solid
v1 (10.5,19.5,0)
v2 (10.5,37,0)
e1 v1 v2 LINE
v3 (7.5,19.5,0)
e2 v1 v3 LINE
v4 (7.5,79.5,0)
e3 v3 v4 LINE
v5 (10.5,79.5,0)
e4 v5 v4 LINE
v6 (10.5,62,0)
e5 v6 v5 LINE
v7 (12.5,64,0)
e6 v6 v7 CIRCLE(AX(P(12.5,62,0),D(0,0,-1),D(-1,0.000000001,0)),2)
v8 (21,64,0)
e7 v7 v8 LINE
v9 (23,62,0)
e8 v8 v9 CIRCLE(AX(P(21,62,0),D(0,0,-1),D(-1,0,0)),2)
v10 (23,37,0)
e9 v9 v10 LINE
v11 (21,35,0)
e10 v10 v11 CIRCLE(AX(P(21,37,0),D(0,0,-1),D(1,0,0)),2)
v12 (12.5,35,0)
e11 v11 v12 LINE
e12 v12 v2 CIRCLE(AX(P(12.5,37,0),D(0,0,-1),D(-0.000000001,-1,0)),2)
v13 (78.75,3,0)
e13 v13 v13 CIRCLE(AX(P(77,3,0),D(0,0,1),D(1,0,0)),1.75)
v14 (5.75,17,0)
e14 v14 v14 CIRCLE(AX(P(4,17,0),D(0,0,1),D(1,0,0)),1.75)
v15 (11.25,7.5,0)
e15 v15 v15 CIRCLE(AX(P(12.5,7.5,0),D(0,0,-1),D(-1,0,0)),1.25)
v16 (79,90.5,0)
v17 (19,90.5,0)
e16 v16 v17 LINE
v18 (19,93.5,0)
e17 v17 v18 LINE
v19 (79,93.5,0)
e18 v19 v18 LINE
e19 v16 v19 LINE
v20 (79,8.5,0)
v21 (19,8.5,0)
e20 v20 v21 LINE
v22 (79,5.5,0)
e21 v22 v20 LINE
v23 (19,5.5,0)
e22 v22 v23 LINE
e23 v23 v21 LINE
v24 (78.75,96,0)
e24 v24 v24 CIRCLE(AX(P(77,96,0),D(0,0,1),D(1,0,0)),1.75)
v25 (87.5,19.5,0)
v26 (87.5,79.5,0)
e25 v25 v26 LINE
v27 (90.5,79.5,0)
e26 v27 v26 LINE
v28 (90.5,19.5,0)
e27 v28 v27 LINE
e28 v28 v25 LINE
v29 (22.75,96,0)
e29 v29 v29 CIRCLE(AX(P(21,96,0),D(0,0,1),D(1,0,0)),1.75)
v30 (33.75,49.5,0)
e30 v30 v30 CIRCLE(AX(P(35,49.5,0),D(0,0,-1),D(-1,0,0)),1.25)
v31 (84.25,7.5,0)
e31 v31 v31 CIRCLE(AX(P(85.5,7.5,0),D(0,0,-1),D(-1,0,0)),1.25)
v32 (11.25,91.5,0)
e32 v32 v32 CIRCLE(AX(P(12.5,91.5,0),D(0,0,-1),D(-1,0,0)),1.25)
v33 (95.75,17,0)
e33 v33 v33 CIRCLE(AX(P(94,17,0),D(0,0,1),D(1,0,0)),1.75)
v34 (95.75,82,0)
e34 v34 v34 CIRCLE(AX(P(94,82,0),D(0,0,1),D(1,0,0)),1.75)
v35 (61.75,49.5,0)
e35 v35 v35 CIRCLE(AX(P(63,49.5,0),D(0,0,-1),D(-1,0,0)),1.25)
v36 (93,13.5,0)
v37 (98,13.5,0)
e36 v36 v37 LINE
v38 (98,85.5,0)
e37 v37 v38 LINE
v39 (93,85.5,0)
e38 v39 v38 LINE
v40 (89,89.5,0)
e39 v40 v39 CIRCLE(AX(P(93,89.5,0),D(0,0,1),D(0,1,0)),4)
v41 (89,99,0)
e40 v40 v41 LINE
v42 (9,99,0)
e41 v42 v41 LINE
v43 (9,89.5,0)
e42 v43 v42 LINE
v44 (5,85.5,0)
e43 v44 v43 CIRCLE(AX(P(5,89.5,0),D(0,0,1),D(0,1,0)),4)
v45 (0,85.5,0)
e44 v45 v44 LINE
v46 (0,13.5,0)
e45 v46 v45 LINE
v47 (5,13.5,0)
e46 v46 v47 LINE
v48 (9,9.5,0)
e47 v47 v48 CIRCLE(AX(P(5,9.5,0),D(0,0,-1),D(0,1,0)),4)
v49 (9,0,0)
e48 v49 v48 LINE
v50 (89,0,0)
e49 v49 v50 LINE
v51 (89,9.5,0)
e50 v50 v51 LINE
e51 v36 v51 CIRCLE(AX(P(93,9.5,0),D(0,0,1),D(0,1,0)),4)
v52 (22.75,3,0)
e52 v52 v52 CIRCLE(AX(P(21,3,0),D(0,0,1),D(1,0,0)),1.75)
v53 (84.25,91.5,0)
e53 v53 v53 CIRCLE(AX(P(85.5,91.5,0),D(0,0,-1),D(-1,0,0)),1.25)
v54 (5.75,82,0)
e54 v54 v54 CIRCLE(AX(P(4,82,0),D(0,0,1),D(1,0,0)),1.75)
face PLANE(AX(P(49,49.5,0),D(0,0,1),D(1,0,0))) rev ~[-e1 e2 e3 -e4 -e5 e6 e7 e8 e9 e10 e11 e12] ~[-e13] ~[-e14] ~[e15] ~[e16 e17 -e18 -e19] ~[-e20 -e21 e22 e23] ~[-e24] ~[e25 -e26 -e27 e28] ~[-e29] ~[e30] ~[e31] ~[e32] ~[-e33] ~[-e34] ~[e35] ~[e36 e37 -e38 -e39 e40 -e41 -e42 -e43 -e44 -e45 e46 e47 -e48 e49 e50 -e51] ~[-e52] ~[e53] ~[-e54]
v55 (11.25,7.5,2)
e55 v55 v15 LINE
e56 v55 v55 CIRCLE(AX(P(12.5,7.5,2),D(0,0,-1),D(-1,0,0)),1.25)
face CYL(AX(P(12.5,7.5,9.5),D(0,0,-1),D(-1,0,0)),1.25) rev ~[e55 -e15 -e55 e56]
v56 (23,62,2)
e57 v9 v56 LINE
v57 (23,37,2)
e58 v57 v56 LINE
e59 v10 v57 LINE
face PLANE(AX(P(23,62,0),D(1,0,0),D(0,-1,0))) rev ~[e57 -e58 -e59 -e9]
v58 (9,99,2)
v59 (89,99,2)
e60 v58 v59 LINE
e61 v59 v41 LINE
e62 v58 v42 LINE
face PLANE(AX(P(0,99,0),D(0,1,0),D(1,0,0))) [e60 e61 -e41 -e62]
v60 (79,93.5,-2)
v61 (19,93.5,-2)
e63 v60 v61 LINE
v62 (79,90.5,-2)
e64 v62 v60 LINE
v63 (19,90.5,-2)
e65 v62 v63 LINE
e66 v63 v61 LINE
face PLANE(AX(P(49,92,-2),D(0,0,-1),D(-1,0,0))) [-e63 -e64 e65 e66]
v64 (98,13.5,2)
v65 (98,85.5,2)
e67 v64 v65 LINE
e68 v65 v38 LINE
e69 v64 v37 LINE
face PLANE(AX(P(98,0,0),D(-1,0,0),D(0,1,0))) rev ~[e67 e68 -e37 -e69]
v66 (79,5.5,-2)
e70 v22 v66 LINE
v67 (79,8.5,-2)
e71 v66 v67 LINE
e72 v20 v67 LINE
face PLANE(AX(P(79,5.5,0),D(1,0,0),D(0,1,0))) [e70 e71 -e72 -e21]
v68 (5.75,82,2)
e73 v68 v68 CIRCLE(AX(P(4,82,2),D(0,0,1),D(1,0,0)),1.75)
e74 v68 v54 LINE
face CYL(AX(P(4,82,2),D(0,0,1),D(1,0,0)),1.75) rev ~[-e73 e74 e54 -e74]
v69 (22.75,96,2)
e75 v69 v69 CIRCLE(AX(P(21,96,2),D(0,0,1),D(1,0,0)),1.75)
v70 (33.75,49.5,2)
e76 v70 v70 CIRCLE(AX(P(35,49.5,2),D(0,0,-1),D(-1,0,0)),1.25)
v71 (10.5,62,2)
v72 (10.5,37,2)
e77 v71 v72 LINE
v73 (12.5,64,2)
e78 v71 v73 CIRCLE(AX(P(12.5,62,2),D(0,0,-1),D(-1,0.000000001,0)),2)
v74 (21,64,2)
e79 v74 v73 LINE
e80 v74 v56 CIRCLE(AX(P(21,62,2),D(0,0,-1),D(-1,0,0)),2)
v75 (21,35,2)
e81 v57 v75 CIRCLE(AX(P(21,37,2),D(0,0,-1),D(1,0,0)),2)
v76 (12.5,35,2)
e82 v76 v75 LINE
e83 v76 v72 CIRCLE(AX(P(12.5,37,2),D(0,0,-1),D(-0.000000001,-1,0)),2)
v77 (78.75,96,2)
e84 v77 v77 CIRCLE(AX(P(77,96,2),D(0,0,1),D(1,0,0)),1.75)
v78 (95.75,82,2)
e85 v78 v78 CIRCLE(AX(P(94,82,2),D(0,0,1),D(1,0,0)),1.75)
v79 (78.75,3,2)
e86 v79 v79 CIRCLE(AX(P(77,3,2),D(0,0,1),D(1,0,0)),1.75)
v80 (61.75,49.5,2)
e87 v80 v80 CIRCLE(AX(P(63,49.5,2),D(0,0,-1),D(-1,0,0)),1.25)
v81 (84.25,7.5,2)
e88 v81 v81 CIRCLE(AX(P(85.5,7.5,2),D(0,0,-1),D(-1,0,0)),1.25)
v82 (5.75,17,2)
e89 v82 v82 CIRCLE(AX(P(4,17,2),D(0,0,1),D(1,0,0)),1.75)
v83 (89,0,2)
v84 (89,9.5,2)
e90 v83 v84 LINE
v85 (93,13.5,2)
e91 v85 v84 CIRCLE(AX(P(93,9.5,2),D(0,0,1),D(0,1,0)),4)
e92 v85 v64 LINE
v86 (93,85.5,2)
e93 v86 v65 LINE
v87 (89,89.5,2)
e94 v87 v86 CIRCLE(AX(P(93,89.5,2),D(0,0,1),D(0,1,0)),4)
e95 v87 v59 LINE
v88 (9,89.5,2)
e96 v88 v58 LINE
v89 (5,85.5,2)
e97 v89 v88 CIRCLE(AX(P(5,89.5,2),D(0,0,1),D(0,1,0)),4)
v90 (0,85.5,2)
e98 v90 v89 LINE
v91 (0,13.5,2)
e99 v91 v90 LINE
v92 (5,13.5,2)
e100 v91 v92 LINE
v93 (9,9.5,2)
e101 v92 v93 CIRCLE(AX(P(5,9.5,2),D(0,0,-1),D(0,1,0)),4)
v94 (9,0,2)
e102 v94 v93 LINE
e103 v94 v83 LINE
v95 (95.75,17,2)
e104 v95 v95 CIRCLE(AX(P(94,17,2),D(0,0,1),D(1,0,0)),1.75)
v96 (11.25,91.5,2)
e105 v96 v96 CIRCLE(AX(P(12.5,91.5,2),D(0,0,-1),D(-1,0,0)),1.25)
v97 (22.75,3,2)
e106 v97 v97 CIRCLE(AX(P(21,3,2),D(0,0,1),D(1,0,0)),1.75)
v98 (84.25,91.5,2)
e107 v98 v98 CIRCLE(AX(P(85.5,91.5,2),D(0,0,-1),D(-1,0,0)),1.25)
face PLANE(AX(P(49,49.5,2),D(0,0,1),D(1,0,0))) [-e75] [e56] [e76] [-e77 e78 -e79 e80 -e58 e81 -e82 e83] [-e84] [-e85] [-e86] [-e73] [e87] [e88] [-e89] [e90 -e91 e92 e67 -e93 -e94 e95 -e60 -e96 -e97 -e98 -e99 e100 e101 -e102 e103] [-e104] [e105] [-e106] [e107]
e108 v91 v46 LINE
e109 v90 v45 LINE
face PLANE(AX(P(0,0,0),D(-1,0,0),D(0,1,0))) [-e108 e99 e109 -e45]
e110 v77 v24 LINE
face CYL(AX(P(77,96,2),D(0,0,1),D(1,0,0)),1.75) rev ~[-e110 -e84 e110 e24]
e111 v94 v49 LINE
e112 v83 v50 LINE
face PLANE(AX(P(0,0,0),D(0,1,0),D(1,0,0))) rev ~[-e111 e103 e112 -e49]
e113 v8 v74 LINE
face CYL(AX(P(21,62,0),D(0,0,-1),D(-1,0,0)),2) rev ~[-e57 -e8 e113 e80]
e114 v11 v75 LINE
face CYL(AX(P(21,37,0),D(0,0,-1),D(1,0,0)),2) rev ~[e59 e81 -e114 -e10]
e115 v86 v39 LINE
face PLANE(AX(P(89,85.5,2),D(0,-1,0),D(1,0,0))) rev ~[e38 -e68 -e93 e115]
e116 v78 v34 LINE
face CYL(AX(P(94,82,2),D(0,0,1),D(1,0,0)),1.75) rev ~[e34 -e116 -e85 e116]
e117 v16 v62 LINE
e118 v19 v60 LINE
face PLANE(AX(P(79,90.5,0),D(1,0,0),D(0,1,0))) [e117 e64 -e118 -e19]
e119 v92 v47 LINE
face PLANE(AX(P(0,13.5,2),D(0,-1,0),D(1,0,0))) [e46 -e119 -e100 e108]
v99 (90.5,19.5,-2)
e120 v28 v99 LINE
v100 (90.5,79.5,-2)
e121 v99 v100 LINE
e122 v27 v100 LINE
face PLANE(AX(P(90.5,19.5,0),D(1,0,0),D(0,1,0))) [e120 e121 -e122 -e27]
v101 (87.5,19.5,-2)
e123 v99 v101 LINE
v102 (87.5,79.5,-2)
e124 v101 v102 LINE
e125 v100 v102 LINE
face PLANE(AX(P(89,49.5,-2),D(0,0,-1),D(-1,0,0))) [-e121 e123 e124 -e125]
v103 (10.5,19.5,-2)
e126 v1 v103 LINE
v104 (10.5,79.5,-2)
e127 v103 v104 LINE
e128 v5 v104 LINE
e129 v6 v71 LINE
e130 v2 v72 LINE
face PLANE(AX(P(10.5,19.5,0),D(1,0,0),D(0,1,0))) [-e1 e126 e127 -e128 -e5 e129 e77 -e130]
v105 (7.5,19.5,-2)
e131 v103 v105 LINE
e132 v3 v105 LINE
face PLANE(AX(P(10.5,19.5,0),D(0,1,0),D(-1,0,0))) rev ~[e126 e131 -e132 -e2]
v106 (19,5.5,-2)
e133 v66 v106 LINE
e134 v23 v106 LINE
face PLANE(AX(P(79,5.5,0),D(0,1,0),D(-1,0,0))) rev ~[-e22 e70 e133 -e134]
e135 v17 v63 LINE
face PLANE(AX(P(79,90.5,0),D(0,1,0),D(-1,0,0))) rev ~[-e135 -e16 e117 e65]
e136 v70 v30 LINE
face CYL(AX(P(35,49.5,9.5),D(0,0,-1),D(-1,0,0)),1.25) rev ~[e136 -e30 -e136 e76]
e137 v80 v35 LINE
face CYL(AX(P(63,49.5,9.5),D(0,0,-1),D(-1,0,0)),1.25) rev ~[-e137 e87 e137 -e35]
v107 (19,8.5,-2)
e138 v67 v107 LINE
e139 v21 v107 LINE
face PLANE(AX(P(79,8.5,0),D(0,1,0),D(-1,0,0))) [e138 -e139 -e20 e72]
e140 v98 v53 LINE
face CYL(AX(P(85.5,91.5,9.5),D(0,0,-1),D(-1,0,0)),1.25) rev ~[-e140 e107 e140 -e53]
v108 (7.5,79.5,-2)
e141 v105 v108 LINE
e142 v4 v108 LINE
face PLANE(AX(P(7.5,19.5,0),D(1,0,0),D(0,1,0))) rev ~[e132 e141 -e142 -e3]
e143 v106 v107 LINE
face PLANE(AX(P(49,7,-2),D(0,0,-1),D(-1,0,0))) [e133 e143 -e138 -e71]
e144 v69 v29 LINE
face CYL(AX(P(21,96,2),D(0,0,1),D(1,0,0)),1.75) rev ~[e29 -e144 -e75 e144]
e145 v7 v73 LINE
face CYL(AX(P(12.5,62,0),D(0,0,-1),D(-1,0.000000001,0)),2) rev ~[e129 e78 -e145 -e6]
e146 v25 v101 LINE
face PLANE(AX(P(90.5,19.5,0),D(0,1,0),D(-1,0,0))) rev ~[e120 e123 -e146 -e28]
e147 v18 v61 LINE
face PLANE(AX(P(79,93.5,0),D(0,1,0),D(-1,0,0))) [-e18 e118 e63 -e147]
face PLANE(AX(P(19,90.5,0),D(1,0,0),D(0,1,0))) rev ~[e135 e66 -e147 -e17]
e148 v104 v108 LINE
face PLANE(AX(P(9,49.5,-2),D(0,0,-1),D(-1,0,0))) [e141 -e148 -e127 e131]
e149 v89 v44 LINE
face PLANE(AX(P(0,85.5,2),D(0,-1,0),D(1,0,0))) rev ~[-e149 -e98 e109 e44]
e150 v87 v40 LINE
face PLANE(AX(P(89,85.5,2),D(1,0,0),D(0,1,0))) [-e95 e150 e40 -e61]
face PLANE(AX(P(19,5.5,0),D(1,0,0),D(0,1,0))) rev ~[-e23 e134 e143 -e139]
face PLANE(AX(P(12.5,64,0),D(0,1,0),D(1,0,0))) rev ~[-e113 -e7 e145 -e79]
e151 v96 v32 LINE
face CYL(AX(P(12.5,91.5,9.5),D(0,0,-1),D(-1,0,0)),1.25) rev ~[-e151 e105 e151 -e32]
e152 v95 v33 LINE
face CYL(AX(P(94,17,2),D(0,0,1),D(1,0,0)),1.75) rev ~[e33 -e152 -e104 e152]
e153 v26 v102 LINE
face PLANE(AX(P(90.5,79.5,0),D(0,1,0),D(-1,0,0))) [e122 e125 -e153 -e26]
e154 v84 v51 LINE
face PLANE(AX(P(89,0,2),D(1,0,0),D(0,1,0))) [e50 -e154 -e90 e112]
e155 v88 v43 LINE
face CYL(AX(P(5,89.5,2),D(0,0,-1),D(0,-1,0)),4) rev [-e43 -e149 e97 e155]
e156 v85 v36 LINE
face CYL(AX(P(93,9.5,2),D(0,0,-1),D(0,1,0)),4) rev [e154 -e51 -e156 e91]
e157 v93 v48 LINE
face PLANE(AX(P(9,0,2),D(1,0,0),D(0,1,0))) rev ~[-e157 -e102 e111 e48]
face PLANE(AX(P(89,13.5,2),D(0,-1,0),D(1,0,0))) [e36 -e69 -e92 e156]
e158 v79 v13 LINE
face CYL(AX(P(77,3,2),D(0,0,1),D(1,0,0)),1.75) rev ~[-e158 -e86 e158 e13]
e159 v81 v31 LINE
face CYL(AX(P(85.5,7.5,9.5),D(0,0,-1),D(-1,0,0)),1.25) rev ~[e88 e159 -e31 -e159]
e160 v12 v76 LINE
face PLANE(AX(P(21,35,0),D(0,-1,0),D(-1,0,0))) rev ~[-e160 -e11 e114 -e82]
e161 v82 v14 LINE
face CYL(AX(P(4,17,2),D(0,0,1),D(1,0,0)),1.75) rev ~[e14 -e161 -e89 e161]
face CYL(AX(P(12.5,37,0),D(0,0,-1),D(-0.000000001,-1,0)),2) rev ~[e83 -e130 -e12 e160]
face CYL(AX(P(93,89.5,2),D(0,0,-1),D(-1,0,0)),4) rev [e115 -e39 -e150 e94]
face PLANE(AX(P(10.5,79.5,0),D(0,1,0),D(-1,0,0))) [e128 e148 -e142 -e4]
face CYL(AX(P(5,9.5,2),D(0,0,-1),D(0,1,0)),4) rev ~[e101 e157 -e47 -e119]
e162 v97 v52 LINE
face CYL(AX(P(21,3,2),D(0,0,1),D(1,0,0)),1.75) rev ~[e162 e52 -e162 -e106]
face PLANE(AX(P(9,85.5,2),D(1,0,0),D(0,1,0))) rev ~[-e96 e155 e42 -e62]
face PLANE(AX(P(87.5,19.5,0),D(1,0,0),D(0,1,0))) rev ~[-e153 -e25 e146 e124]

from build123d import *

# Parameters (mm, degrees)
SKETCH1_W                 = 98
SKETCH1_H                 = 99
MAIN_BODY_DEPTH           = 2
SKETCH2_R                 = 1.75
FRONTBACKBOLTHOLES_DEPTH  = 140.316187143
SKETCH3_R                 = 1.75
SIDEBOLTHOLES_DEPTH       = 140.316187143
M3X0_5_TAPPED_HOLE1_D     = 2.5
M3X0_5_TAPPED_HOLE1_DEPTH = 7.5
M3X0_5_TAPPED_HOLE1_TIP   = 0.751075774
SKETCH7_W                 = 9
SKETCH7_H                 = 13.5
CUT_EXTRUDE3_DEPTH        = 140.316187143
FILLET1_R                 = 4
SKETCH8_W                 = 60
SKETCH8_H                 = 3
BOSS_EXTRUDE2_DEPTH       = 2
SKETCH9_W                 = 3
SKETCH9_H                 = 60
BOSS_EXTRUDE3_DEPTH       = 2
CUT_EXTRUDE5_DEPTH        = 140.316187143


with BuildPart() as part:
    # Sketch1 → Main Body (new body)
    with BuildSketch(Plane.XY):
        with Locations((49, 49.5)):
            Rectangle(SKETCH1_W, SKETCH1_H)
    extrude(amount=MAIN_BODY_DEPTH)

    # Sketch2 → FrontBackBoltHoles (cut, through all)
    with BuildSketch(Plane.XY.offset(2)):
        with Locations((4, 82)):
            Circle(SKETCH2_R)
        with Locations((94, 82)):
            Circle(SKETCH2_R)
        with Locations((94, 17)):
            Circle(SKETCH2_R)
        with Locations((4, 17)):
            Circle(SKETCH2_R)
    extrude(amount=-FRONTBACKBOLTHOLES_DEPTH, mode=Mode.SUBTRACT)

    # Sketch3 → SideBoltHoles (cut, through all)
    with BuildSketch(Plane.XY.offset(2)):
        with Locations((21, 96)):
            Circle(SKETCH3_R)
        with Locations((77, 96)):
            Circle(SKETCH3_R)
        with Locations((77, 3)):
            Circle(SKETCH3_R)
        with Locations((21, 3)):
            Circle(SKETCH3_R)
    extrude(amount=-SIDEBOLTHOLES_DEPTH, mode=Mode.SUBTRACT)

    # M3x0.5 Tapped Hole1
    with Locations(Plane.XY.offset(2)):
        with Locations((12.5, 91.5), (85.5, 91.5), (85.5, 7.5), (12.5, 7.5), (35, 49.5), (63, 49.5)):
            Hole(M3X0_5_TAPPED_HOLE1_D / 2, depth=M3X0_5_TAPPED_HOLE1_DEPTH)
            with Locations((0, 0, -(M3X0_5_TAPPED_HOLE1_DEPTH + M3X0_5_TAPPED_HOLE1_TIP / 2))):  # 118° drill point
                Cone(0, M3X0_5_TAPPED_HOLE1_D / 2, M3X0_5_TAPPED_HOLE1_TIP, mode=Mode.SUBTRACT)

    # Sketch7 → Cut-Extrude3 (cut, through all)
    with BuildSketch(Plane.XY.offset(2)):
        with Locations((4.5, 92.25)):
            Rectangle(SKETCH7_W, SKETCH7_H)
        with Locations((93.5, 92.25)):
            Rectangle(SKETCH7_W, SKETCH7_H)
        with Locations((93.5, 6.75)):
            Rectangle(SKETCH7_W, SKETCH7_H)
        with Locations((4.5, 6.75)):
            Rectangle(SKETCH7_W, SKETCH7_H)
    extrude(amount=-CUT_EXTRUDE3_DEPTH, mode=Mode.SUBTRACT)

    # Fillet1
    fillet1_edges = [part.edges().sort_by_distance(p)[0] for p in [
        (89, 85.5, 1),
        (9, 13.5, 1),
        (89, 13.5, 1),
        (9, 85.5, 1),
    ]]
    fillet(fillet1_edges, radius=FILLET1_R)

    # Sketch8 → Boss-Extrude2 (add)
    with BuildSketch(Plane(origin=(0, 0, 0), x_dir=(-1, 0, 0), z_dir=(0, 0, -1))):
        with Locations((-49, 92)):
            Rectangle(SKETCH8_W, SKETCH8_H)
        with Locations((-49, 7)):
            Rectangle(SKETCH8_W, SKETCH8_H)
    extrude(amount=BOSS_EXTRUDE2_DEPTH)

    # Sketch9 → Boss-Extrude3 (add)
    with BuildSketch(Plane(origin=(0, 0, 0), x_dir=(-1, 0, 0), z_dir=(0, 0, -1))):
        with Locations((-89, 49.5)):
            Rectangle(SKETCH9_W, SKETCH9_H)
        with Locations((-9, 49.5)):
            Rectangle(SKETCH9_W, SKETCH9_H)
    extrude(amount=BOSS_EXTRUDE3_DEPTH)

    # Sketch11 → Cut-Extrude5 (cut, through all)
    with BuildSketch(Plane(origin=(0, 0, 0), x_dir=(-1, 0, 0), z_dir=(0, 0, -1))):
        with BuildLine():
            Line((-10.5, 37), (-10.5, 62))
            ThreePointArc((-10.5, 62), (-11.085786438, 63.414213562), (-12.5, 64))
            ThreePointArc((-12.5, 64), (-13.914213562, 63.414213562), (-14.5, 62))
            Line((-14.5, 62), (-14.5, 37))
            ThreePointArc((-14.5, 37), (-13.914213562, 35.585786438), (-12.5, 35))
            ThreePointArc((-12.5, 35), (-11.085786438, 35.585786438), (-10.5, 37))
        make_face()
        with BuildLine():
            ThreePointArc((-14.5, 62), (-13.914213562, 63.414213562), (-12.5, 64))
            Line((-12.5, 64), (-21, 64))
            ThreePointArc((-21, 64), (-19.585786438, 63.414213562), (-19, 62))
            Line((-19, 62), (-19, 37))
            ThreePointArc((-19, 37), (-19.585786438, 35.585786438), (-21, 35))
            Line((-21, 35), (-12.5, 35))
            ThreePointArc((-12.5, 35), (-13.914213562, 35.585786438), (-14.5, 37))
            Line((-14.5, 37), (-14.5, 62))
        make_face()
        with BuildLine():
            Line((-23, 62), (-23, 37))
            ThreePointArc((-23, 37), (-21, 35), (-19, 37))
            Line((-19, 37), (-19, 62))
            ThreePointArc((-19, 62), (-21, 64), (-23, 62))
        make_face()
    extrude(amount=-CUT_EXTRUDE5_DEPTH, mode=Mode.SUBTRACT)


solid = part.part
